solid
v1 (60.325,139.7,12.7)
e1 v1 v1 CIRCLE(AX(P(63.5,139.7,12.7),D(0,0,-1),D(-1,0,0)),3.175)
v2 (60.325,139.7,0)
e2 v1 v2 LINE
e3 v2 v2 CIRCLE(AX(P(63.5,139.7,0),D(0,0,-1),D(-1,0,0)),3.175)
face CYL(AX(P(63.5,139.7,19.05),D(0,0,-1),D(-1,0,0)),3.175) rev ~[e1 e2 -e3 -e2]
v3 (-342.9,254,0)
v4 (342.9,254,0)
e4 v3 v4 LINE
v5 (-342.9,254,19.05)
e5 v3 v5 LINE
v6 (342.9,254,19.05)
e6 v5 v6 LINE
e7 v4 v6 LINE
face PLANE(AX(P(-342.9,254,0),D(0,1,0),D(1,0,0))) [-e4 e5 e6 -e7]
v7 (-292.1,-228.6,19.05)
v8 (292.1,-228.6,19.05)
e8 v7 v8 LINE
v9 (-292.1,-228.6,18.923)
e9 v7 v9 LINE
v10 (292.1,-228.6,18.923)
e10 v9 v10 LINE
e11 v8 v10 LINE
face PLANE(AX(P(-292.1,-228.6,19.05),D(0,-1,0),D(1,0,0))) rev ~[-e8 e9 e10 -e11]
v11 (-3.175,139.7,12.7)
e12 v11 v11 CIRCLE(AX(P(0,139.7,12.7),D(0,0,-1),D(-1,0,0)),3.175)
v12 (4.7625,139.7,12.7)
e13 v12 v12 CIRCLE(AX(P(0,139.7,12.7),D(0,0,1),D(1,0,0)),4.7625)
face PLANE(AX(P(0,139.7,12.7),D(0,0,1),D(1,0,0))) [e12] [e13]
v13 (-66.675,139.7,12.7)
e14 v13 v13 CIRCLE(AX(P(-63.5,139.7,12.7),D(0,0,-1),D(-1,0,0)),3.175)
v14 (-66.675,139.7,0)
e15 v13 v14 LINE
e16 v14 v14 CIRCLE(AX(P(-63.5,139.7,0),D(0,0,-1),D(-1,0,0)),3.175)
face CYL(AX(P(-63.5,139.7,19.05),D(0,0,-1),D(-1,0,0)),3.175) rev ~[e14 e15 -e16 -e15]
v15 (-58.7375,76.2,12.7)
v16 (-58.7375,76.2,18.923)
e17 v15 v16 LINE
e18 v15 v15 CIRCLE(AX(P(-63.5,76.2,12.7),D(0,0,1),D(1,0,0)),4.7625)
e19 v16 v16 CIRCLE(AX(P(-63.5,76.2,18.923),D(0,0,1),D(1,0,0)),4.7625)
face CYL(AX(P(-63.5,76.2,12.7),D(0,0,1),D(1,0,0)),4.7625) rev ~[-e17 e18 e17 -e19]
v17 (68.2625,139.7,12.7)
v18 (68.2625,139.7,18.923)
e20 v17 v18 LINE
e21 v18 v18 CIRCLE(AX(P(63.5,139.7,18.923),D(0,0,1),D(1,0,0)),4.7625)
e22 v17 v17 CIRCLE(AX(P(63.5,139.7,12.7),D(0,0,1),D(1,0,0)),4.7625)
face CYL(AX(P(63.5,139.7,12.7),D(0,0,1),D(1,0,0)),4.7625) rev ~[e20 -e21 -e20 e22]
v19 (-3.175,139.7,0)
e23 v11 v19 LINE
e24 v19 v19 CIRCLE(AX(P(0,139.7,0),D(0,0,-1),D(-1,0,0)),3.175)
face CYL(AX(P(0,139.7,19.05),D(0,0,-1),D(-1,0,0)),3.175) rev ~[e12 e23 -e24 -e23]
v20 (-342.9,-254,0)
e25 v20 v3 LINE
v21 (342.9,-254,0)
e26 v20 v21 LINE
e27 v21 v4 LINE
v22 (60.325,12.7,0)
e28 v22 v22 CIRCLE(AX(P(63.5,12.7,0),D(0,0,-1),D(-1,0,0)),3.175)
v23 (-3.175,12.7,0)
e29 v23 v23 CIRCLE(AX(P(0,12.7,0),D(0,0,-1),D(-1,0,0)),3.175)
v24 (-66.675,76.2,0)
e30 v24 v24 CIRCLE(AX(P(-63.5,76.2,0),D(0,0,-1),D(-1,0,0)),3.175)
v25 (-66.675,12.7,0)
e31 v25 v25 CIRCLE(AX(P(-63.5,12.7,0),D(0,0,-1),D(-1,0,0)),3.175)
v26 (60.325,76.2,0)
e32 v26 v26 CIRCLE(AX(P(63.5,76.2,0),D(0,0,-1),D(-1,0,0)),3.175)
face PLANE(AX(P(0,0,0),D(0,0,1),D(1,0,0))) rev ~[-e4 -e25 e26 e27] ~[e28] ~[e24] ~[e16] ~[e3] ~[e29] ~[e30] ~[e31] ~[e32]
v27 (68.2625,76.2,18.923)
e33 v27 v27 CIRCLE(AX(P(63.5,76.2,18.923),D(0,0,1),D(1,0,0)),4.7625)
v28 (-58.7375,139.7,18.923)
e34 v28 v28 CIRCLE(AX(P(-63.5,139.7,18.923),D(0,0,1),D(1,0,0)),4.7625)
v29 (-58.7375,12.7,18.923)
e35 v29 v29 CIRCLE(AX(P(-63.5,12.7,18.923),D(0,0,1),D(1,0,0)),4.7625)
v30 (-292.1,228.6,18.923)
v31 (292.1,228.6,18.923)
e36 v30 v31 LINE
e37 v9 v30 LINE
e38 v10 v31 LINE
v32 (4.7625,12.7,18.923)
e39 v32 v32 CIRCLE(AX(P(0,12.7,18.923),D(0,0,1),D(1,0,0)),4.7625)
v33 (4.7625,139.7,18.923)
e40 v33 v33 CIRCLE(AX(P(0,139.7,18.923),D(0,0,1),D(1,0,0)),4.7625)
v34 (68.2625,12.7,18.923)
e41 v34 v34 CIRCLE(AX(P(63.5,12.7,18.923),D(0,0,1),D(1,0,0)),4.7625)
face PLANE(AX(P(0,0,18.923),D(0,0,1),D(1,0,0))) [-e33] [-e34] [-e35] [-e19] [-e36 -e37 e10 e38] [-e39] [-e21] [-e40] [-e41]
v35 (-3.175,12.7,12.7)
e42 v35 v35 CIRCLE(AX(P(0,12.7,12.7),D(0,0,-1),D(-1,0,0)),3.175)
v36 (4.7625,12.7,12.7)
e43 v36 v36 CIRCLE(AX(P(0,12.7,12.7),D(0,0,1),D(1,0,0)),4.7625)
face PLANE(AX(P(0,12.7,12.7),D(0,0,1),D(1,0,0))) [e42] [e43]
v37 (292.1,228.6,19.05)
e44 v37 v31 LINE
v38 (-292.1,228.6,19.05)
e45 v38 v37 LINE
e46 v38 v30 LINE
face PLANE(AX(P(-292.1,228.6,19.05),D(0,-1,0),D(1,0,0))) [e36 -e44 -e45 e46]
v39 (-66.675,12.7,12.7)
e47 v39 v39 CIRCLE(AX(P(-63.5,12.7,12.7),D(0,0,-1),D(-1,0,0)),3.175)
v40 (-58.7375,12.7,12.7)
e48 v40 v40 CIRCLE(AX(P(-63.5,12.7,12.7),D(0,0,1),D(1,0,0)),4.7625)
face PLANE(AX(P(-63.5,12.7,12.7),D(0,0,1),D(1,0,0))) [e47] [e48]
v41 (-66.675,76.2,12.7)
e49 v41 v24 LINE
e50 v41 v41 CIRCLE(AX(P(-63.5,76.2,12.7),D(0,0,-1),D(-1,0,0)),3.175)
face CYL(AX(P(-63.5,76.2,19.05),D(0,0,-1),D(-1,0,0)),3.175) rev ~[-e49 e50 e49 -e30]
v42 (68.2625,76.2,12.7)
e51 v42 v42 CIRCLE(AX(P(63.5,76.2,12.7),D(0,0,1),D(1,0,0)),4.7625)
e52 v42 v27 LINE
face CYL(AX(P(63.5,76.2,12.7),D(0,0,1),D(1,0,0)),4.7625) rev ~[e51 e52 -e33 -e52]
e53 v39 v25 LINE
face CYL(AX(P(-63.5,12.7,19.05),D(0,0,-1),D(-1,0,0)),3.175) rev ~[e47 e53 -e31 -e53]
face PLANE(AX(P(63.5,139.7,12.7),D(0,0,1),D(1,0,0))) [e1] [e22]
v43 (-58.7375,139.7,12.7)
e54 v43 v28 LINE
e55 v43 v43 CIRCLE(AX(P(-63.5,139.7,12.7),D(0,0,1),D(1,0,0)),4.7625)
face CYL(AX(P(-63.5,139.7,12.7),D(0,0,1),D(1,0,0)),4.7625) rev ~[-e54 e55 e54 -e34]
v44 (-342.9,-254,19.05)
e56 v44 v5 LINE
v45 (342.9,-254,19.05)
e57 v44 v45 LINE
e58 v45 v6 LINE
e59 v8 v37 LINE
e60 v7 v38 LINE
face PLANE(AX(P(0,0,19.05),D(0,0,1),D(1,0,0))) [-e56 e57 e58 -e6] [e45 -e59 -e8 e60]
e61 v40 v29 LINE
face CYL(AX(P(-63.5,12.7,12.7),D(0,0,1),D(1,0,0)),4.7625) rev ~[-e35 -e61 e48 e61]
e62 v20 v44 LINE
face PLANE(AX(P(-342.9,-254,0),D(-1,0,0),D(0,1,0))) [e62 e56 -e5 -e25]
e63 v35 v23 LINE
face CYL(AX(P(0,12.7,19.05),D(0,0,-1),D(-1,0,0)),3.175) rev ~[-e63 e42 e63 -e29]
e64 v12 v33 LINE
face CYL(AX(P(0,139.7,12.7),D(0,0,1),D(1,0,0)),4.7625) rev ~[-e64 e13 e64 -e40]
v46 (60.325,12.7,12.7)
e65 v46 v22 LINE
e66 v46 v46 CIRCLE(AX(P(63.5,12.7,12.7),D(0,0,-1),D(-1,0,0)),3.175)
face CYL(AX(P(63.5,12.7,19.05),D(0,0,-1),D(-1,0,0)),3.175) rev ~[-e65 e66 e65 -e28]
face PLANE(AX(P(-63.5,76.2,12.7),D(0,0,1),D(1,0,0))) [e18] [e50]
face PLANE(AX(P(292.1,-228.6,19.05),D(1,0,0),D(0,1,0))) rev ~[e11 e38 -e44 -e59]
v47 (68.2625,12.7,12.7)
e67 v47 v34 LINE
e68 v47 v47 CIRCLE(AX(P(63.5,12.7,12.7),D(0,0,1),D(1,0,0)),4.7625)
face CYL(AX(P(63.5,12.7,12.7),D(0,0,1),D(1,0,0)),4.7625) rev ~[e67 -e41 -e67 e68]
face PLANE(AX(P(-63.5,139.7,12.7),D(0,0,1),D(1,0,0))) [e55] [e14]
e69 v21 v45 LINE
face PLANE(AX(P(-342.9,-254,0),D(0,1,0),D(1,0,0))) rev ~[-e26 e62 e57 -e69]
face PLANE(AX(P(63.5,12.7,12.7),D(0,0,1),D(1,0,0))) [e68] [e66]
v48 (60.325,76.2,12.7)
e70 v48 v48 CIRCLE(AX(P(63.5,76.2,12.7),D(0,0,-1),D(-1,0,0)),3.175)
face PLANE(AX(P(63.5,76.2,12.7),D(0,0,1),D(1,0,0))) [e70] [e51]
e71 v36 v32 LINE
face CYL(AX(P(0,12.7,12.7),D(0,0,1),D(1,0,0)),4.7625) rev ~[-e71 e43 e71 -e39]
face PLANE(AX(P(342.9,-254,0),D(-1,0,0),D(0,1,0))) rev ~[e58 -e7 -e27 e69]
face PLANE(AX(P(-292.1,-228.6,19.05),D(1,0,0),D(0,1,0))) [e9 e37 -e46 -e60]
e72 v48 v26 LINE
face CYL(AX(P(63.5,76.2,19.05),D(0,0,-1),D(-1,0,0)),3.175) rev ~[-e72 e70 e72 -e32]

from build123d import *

# Parameters (mm, degrees)
F0_W           = 685.8
F0_H           = 508
F1_DEPTH       = 19.05
F3_D           = 6.35
F3_CBORE_D     = 9.525
F3_CBORE_DEPTH = 6.35
F4_W           = 584.2
F4_H           = 457.2
F5_DEPTH       = 0.127


with BuildPart() as f1:
    # F0 (on Top) → F1 (new body)
    with BuildSketch(Plane.XY):
        Rectangle(F0_W, F0_H)
    extrude(amount=F1_DEPTH)

    # F3 (through all)
    with Locations(Plane.XY.offset(19.05)):
        with Locations((-63.5, 139.7), (-63.5, 76.2), (-63.5, 12.7), (0, 12.7), (63.5, 12.7), (63.5, 76.2), (63.5, 139.7), (0, 139.7)):
            CounterBoreHole(F3_D / 2, F3_CBORE_D / 2, F3_CBORE_DEPTH)

    # F4 (on face) → F5 (cut)
    with BuildSketch(Plane.XY.offset(19.05)):
        Rectangle(F4_W, F4_H)
    extrude(amount=-F5_DEPTH, mode=Mode.SUBTRACT)


solid = f1.part
